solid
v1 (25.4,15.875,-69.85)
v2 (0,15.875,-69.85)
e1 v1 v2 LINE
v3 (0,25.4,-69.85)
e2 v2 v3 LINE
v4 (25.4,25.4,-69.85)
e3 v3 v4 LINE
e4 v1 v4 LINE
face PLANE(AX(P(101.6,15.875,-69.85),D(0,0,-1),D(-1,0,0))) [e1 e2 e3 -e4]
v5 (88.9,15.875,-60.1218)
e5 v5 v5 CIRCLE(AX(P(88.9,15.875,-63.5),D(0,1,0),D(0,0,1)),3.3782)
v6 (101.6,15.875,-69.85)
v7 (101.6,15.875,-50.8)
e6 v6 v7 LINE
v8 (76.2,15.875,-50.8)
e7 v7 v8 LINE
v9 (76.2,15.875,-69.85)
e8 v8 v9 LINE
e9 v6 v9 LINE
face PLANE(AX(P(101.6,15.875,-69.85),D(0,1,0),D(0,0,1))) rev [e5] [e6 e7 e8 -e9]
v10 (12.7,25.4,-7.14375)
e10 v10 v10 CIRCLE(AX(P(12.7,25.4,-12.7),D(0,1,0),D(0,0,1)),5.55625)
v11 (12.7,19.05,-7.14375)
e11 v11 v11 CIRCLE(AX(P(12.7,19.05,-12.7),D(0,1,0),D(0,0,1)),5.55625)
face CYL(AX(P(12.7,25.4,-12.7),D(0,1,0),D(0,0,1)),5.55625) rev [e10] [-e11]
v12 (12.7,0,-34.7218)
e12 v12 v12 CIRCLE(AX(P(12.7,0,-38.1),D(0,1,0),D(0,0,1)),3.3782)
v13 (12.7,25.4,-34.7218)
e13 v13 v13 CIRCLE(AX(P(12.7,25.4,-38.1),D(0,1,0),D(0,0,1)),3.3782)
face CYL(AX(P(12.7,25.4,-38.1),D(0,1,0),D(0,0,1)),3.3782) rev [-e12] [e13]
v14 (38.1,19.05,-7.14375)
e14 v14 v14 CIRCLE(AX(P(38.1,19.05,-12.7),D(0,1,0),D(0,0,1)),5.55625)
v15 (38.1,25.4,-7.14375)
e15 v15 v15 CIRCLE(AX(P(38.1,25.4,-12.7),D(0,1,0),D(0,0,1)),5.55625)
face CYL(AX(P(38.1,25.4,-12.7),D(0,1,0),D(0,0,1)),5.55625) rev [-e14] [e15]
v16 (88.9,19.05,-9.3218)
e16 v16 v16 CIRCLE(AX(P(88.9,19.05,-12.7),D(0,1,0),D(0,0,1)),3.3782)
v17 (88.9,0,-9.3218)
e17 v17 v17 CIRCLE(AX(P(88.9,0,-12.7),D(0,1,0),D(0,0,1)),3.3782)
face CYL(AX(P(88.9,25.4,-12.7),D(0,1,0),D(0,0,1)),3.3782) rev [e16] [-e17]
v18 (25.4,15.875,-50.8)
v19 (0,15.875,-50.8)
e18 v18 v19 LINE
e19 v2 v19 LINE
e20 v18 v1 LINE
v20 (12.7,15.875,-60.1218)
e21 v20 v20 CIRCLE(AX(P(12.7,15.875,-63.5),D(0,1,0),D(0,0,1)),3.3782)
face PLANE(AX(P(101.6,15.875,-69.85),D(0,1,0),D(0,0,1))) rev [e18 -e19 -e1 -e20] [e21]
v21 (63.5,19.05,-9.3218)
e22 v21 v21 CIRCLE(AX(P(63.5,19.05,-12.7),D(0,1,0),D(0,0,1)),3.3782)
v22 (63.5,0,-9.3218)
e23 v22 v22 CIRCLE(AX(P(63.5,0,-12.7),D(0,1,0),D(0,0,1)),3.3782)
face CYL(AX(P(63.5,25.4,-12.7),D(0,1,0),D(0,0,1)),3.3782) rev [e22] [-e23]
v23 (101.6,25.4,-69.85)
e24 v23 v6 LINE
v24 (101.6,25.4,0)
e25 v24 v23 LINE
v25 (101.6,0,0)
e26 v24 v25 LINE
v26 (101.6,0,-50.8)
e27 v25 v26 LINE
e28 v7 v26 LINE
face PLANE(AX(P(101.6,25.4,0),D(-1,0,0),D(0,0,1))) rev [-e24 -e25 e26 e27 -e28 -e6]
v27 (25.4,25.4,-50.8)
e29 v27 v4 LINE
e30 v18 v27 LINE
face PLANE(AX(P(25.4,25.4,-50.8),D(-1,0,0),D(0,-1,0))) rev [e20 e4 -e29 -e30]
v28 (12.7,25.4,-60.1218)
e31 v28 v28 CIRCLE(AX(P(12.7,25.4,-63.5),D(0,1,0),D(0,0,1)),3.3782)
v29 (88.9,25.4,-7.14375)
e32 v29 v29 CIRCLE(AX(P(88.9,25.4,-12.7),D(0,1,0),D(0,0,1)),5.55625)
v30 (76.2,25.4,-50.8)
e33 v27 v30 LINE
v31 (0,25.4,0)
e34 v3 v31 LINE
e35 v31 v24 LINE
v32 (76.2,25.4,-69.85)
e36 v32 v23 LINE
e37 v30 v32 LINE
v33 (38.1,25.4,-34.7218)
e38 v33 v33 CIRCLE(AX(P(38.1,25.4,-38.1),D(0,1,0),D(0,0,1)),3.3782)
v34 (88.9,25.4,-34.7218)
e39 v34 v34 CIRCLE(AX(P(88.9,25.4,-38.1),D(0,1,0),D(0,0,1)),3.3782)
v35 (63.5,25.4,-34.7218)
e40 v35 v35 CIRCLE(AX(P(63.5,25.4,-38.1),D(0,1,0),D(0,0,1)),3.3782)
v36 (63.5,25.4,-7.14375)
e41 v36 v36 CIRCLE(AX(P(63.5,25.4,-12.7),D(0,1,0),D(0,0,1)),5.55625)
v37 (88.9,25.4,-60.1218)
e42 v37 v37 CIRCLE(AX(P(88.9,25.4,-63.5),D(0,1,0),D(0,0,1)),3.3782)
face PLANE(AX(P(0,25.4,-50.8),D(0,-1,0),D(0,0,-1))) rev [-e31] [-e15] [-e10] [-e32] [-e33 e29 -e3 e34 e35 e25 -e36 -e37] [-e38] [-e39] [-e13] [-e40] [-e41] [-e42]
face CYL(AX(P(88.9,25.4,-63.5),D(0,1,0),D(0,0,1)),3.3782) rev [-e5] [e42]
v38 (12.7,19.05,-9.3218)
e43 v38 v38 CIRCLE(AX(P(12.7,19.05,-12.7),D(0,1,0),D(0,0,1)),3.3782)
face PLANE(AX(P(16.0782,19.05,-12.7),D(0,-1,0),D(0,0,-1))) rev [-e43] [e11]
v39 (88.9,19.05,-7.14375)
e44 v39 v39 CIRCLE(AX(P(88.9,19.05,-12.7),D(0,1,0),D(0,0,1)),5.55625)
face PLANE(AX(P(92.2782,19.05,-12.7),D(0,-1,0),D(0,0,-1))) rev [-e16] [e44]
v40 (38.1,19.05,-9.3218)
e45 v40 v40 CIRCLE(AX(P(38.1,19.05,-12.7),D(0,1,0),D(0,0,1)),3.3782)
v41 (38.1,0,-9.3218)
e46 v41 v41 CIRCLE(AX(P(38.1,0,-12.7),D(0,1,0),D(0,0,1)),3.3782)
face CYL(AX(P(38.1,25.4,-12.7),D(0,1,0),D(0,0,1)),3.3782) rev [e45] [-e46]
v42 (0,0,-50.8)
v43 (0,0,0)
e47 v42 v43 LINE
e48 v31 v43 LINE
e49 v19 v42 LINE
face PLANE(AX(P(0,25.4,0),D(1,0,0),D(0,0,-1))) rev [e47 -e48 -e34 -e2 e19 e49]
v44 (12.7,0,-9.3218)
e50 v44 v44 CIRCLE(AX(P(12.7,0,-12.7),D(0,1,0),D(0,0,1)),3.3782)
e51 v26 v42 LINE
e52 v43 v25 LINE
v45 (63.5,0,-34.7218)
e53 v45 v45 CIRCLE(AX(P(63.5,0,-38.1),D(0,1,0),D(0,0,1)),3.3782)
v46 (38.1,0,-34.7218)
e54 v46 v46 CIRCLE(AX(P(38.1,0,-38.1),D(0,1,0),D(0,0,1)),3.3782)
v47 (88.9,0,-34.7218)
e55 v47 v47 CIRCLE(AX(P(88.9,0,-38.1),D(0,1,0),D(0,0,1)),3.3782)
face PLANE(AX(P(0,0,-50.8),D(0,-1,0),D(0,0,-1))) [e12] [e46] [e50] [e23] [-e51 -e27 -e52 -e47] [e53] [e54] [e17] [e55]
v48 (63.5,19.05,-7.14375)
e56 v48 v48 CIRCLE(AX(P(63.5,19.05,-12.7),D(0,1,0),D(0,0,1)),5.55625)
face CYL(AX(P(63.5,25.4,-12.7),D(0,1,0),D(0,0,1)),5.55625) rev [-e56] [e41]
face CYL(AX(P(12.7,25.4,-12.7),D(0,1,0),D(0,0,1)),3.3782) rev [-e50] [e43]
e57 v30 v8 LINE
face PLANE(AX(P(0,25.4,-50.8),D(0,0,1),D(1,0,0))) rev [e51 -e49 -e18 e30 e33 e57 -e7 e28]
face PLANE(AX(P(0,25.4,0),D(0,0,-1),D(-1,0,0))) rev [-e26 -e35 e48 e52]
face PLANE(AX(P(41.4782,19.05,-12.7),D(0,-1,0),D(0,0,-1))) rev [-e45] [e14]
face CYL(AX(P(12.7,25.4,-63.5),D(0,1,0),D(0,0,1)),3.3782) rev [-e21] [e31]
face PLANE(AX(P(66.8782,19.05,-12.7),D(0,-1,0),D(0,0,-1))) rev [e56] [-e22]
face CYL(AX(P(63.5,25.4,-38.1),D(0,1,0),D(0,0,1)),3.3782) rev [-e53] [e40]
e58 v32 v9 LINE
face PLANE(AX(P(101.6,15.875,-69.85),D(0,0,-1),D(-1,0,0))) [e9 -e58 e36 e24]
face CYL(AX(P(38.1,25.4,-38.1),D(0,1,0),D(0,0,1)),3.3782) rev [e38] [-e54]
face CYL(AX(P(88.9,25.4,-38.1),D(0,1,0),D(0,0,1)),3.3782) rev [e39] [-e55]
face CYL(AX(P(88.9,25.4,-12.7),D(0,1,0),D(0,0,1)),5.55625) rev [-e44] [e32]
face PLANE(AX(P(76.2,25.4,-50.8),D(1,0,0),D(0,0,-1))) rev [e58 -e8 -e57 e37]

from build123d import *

# Parameters (mm, degrees)
SKETCH1_W                                        = 101.6
SKETCH1_H                                        = 50.8
BOSS_EXTRUDE1_DEPTH                              = 25.4
CBORE_FOR_1_4_SOCKET_HEAD_CAP_SCREW1_D           = 6.7564
CBORE_FOR_1_4_SOCKET_HEAD_CAP_SCREW1_CBORE_D     = 11.1125
CBORE_FOR_1_4_SOCKET_HEAD_CAP_SCREW1_CBORE_DEPTH = 6.35
LPATTERN1_COUNT                                  = 4
LPATTERN1_PITCH                                  = 25.4
F_1_4_CLEARANCE_HOLE1_D                          = 6.7564
LPATTERN2_COUNT                                  = 4
LPATTERN2_PITCH                                  = 25.4
SKETCH7_W                                        = 101.6
SKETCH7_H                                        = 9.525
BOSS_EXTRUDE2_DEPTH                              = 19.05
SKETCH8_W                                        = 50.8
SKETCH8_H                                        = 9.525
CUT_EXTRUDE1_DEPTH                               = 19.05
LPATTERN3_COUNT                                  = 2
LPATTERN3_PITCH                                  = 25.4
LPATTERN4_COPY_1_D                               = 6.7564
LPATTERN4_COPY_2_D                               = 6.7564


with BuildPart() as part:
    # Sketch1 → Boss-Extrude1 (new body)
    with BuildSketch(Plane(origin=(0, 0, 0), x_dir=(1, 0, 0), z_dir=(0, 1, 0))):
        with Locations((50.8, 25.4)):
            Rectangle(SKETCH1_W, SKETCH1_H)
    extrude(amount=BOSS_EXTRUDE1_DEPTH)

    # CBORE for 1/4 Socket Head Cap Screw1 (through all)
    with Locations(Plane(origin=(0, 25.4, 0), x_dir=(-1, 0, 0), z_dir=(0, 1, 0))):
        with Locations((-12.7, -12.7)):
            cbore_for_1_4_socket_head_cap_screw1 = CounterBoreHole(CBORE_FOR_1_4_SOCKET_HEAD_CAP_SCREW1_D / 2, CBORE_FOR_1_4_SOCKET_HEAD_CAP_SCREW1_CBORE_D / 2, CBORE_FOR_1_4_SOCKET_HEAD_CAP_SCREW1_CBORE_DEPTH)

    # LPattern1: CBORE for 1/4 Socket Head Cap Screw1 ×4
    with Locations(*[(i * LPATTERN1_PITCH, 0, 0) for i in range(1, LPATTERN1_COUNT)]):
        add(cbore_for_1_4_socket_head_cap_screw1, mode=Mode.SUBTRACT)

    # 1/4 Clearance Hole1 (through all)
    with Locations(Plane(origin=(0, 25.4, 0), x_dir=(-1, 0, 0), z_dir=(0, 1, 0))):
        with Locations((-12.7, -38.1)):
            f_1_4_clearance_hole1 = Hole(F_1_4_CLEARANCE_HOLE1_D / 2)

    # LPattern2: 1/4 Clearance Hole1 ×4
    with Locations(*[(i * LPATTERN2_PITCH, 0, 0) for i in range(1, LPATTERN2_COUNT)]):
        add(f_1_4_clearance_hole1, mode=Mode.SUBTRACT)

    # Sketch7 → Boss-Extrude2 (add)
    with BuildSketch(Plane(origin=(0, 0, -50.8), x_dir=(-1, 0, 0), z_dir=(0, 0, -1))):
        with Locations((-50.8, 20.6375)):
            Rectangle(SKETCH7_W, SKETCH7_H)
    extrude(amount=BOSS_EXTRUDE2_DEPTH)

    # Sketch8 → Cut-Extrude1 (cut)
    with BuildSketch(Plane(origin=(0, 0, -69.85), x_dir=(-1, 0, 0), z_dir=(0, 0, -1))):
        with Locations((-50.8, 20.6375)):
            Rectangle(SKETCH8_W, SKETCH8_H)
    extrude(amount=-CUT_EXTRUDE1_DEPTH, mode=Mode.SUBTRACT)

    # LPattern3: 1/4 Clearance Hole1 ×2
    with Locations(*[(0, 0, -i * LPATTERN3_PITCH) for i in range(1, LPATTERN3_COUNT)]):
        add(f_1_4_clearance_hole1, mode=Mode.SUBTRACT)

    # LPattern4 copy 1 (through all)
    with Locations(Plane(origin=(76.2, 25.4, -25.4), x_dir=(-1, 0, 0), z_dir=(0, 1, 0))):
        with Locations((-12.7, -38.1)):
            Hole(LPATTERN4_COPY_1_D / 2)

    # LPattern4 copy 2 (through all)
    with Locations(Plane(origin=(76.2, 25.4, 0), x_dir=(-1, 0, 0), z_dir=(0, 1, 0))):
        with Locations((-12.7, -38.1)):
            Hole(LPATTERN4_COPY_2_D / 2)


solid = part.part
